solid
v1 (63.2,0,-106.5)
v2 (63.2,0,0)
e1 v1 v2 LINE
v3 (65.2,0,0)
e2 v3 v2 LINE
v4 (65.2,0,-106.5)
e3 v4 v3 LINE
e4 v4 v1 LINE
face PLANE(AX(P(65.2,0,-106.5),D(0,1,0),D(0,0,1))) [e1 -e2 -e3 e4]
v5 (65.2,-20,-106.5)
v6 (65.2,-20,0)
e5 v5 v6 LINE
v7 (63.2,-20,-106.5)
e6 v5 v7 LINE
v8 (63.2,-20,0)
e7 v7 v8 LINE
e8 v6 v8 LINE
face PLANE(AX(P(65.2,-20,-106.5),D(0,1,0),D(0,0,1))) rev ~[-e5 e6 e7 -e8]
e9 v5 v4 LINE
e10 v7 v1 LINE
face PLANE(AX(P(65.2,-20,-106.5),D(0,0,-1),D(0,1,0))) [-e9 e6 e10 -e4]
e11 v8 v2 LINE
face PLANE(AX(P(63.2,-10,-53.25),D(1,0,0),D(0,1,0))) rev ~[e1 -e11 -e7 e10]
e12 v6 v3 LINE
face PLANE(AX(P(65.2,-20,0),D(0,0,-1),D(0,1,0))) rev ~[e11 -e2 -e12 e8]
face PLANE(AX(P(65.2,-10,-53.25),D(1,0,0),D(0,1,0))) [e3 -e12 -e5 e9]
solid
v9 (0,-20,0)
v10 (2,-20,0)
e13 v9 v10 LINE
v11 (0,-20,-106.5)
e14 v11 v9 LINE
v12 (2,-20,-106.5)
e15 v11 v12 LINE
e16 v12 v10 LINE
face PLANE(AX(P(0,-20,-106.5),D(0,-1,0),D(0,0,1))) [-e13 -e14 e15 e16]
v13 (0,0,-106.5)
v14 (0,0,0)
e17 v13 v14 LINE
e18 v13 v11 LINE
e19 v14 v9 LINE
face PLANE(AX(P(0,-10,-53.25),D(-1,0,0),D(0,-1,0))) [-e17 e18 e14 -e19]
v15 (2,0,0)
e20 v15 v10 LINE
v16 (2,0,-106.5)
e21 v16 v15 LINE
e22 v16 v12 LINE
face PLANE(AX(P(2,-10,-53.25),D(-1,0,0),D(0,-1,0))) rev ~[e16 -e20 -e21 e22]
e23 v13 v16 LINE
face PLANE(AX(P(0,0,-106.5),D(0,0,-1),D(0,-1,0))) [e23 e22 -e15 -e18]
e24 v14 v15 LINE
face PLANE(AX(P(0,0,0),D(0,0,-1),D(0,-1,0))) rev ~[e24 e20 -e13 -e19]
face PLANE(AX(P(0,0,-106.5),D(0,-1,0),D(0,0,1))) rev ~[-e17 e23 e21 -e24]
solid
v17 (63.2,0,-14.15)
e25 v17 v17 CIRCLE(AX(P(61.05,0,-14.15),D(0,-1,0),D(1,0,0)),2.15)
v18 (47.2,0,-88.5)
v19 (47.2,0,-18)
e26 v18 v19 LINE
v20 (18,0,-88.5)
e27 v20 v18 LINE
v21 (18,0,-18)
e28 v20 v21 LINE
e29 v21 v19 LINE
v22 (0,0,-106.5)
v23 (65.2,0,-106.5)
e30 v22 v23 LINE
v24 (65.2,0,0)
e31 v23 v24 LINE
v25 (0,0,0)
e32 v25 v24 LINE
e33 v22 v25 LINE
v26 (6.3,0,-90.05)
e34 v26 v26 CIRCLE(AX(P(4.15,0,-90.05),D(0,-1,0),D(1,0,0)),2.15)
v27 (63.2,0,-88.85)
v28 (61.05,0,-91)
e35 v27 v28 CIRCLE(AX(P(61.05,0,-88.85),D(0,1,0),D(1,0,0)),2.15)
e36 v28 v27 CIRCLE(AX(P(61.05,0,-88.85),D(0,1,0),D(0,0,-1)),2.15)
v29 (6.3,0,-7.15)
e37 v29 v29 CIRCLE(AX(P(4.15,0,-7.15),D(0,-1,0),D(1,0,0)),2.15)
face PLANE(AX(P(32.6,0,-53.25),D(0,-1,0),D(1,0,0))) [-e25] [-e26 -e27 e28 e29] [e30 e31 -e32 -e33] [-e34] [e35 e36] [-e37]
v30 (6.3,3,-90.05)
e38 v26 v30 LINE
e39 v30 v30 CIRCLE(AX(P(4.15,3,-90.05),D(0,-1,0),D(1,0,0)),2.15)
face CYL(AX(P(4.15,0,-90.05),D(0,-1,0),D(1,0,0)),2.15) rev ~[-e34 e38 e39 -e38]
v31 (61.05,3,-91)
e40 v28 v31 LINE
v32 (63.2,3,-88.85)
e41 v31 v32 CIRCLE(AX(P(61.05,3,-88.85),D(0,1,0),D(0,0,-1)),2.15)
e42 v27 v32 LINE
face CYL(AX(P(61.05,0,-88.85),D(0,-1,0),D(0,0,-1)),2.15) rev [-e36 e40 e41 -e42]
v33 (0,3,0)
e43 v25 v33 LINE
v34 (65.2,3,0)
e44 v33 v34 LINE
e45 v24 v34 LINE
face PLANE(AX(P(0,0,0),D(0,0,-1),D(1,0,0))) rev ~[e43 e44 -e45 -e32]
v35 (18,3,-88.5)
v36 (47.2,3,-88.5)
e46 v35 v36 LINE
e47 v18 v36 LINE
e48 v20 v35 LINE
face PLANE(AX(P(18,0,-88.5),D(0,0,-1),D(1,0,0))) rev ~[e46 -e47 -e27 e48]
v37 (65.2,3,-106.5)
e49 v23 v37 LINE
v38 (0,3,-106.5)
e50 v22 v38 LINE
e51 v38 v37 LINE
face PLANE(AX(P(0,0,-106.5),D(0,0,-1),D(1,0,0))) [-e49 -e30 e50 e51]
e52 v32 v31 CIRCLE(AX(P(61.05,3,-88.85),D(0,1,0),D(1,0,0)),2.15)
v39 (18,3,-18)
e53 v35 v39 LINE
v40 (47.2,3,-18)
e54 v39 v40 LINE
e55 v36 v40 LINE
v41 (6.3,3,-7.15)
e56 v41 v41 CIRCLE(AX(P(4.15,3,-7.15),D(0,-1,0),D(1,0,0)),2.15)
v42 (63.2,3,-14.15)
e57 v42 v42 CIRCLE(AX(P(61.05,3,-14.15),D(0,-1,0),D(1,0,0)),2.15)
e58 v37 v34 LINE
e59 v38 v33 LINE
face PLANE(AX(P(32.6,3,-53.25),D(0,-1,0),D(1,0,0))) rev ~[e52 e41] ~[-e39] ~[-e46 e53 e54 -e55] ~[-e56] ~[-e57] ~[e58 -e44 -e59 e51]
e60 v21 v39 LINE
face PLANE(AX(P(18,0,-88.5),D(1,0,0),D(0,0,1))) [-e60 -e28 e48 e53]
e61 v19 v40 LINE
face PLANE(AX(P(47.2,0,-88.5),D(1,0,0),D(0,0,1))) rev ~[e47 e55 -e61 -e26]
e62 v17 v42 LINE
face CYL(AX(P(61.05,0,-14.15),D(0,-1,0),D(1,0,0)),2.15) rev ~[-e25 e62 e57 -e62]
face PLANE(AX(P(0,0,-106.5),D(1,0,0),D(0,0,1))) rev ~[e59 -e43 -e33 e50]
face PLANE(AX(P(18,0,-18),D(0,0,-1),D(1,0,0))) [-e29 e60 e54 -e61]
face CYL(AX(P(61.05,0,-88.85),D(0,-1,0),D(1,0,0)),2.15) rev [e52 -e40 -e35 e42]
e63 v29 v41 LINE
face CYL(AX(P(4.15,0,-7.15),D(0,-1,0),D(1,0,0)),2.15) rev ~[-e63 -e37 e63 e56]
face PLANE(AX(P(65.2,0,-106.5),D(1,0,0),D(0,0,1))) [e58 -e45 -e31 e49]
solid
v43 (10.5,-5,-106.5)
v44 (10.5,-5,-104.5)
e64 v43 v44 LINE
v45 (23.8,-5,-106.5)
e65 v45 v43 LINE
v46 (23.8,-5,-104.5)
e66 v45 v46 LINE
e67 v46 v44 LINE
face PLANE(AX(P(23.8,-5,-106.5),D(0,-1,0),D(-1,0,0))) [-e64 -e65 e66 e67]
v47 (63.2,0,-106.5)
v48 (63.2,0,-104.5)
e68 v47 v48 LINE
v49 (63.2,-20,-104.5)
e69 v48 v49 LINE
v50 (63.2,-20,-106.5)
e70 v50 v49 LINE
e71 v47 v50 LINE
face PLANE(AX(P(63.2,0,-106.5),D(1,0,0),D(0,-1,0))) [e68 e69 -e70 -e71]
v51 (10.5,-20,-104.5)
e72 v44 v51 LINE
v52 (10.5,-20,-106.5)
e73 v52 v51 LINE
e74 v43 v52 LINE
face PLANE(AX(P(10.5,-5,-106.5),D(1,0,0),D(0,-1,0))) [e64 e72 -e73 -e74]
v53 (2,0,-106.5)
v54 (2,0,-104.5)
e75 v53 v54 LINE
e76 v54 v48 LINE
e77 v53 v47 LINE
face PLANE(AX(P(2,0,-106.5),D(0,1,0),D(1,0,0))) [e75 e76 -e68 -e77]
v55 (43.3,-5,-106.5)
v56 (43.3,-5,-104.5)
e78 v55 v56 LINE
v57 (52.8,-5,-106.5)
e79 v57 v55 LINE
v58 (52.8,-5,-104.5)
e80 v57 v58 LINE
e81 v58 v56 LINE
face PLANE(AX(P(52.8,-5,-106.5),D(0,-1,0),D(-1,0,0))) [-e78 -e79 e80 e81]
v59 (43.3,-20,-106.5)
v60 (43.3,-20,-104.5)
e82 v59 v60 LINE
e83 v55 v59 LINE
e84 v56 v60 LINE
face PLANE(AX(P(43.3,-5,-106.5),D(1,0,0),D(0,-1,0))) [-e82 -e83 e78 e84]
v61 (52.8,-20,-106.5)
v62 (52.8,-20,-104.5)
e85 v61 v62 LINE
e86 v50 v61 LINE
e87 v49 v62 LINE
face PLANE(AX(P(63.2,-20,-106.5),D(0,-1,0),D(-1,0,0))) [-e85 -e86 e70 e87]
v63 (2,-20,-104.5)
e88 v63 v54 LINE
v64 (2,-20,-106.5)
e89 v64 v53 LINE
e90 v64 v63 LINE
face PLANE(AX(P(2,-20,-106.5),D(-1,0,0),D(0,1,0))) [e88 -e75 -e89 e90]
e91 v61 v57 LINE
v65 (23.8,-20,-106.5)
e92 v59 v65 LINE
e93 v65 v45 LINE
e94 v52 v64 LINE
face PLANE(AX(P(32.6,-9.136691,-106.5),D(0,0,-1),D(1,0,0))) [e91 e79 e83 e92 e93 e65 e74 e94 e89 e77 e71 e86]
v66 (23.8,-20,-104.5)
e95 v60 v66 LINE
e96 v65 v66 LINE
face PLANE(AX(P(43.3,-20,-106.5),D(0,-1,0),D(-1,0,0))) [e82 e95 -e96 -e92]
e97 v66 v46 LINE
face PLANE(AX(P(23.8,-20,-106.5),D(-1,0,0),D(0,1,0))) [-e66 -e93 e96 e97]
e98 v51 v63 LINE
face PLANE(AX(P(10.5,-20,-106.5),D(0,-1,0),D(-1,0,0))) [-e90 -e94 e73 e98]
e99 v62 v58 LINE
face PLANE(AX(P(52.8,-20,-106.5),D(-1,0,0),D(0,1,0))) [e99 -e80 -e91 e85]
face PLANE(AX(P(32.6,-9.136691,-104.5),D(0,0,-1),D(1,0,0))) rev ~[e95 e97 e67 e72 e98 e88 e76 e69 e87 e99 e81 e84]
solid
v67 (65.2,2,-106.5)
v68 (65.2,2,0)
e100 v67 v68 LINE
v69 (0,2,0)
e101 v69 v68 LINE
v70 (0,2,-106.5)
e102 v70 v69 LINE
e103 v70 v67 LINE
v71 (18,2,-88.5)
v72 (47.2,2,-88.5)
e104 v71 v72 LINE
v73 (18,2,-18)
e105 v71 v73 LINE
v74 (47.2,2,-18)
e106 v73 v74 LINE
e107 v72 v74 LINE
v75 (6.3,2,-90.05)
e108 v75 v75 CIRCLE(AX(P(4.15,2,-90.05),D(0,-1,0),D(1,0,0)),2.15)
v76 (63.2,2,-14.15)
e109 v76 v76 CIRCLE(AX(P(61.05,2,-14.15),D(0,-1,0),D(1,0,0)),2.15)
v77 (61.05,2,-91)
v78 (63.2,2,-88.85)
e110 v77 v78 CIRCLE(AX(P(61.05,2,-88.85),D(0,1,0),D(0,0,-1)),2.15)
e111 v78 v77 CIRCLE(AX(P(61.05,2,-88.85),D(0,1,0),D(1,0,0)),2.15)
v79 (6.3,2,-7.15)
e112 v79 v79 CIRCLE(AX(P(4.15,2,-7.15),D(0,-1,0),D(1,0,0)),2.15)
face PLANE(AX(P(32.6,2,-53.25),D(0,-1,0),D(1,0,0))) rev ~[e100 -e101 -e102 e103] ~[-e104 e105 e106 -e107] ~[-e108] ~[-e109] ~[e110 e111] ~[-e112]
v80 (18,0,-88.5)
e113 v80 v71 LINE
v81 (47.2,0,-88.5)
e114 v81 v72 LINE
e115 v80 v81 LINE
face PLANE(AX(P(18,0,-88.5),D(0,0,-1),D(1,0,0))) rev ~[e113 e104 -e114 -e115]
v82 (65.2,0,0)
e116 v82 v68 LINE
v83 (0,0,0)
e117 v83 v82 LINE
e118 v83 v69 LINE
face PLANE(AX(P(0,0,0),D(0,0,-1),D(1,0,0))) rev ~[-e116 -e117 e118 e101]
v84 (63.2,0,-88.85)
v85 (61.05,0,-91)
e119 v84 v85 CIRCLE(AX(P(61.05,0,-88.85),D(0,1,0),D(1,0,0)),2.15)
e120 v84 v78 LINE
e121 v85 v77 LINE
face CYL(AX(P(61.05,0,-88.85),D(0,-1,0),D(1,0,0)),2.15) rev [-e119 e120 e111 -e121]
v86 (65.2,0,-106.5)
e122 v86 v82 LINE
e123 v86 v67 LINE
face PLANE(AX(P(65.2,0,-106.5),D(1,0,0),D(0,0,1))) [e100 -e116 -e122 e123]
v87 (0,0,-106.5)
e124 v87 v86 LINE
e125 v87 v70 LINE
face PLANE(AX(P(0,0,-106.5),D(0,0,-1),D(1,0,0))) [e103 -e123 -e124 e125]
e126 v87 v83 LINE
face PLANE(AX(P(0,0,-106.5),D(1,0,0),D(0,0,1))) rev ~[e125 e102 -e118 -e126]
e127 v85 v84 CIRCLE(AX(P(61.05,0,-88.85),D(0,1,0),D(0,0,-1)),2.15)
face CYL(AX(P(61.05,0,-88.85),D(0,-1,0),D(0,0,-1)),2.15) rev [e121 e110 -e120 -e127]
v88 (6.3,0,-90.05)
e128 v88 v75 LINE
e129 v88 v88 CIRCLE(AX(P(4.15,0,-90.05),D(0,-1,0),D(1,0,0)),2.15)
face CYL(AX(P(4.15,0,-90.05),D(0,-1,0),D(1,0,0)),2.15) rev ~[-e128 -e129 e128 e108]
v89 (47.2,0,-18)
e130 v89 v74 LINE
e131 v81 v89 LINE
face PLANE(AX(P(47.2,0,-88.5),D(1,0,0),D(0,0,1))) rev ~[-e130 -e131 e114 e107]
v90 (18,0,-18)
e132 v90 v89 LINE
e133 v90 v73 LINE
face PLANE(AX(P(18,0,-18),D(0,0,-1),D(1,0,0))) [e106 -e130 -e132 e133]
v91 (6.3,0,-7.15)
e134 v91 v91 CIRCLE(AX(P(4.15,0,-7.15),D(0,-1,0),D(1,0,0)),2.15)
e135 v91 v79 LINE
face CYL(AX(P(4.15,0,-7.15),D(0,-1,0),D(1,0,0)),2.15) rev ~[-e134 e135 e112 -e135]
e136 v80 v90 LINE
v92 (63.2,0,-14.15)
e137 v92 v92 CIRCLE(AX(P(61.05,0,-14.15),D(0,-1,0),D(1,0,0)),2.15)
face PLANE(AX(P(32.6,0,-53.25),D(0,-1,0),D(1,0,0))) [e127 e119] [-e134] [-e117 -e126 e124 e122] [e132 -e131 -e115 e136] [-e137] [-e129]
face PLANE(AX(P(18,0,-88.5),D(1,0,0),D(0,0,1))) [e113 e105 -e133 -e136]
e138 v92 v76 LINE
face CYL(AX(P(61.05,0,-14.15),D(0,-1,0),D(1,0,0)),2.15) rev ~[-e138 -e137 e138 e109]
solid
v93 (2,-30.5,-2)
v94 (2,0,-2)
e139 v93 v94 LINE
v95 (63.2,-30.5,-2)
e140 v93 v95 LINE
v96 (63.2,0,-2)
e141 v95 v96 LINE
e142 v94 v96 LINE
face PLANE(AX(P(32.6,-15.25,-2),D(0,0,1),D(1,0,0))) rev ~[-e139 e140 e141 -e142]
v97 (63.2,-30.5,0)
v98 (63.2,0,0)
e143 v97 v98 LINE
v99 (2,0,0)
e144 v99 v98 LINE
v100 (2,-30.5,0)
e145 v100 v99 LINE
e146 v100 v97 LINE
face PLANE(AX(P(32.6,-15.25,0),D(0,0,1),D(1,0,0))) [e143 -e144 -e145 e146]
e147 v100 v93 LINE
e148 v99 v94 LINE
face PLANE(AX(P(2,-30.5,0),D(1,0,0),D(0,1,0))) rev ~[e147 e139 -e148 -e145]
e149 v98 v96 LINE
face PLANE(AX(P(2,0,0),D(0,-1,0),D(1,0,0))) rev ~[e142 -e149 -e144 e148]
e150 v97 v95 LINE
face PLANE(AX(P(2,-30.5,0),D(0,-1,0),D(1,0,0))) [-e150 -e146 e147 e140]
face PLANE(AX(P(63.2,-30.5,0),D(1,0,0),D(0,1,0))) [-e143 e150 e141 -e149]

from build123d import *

# Parameters (mm, degrees)
F0_W      = 65.2
F0_H      = 106.5
F0_R      = 2.15
F0_W_2    = 29.2
F0_H_2    = 70.5
F1_DEPTH  = 3
F2_W      = 20
F2_H      = 106.5
F3_DEPTH  = 2
F4_W      = 20
F4_H      = 106.5
F5_DEPTH  = 2
F6_W      = 61.2
F6_H      = 30.5
F7_DEPTH  = 2
F9_DEPTH  = 2
F10_DEPTH = 2


with BuildPart() as f1:
    # F0 (on Front) → F1 (new body)
    with BuildSketch(Plane.XZ):
        with Locations((32.6, -53.25)):
            Rectangle(F0_W, F0_H)
        with Locations((4.15, -90.05)):
            Circle(F0_R, mode=Mode.SUBTRACT)
        with BuildLine():
            ThreePointArc((61.05, -91), (59.5297204204, -87.3297204204), (63.2, -88.85))
            ThreePointArc((63.2, -88.85), (62.5702795796, -90.3702795796), (61.05, -91))
        make_face(mode=Mode.SUBTRACT)
        with Locations((4.15, -7.15)):
            Circle(F0_R, mode=Mode.SUBTRACT)
        with Locations((32.6, -53.25)):
            Rectangle(F0_W_2, F0_H_2, mode=Mode.SUBTRACT)
        with Locations((61.05, -14.15)):
            Circle(F0_R, mode=Mode.SUBTRACT)
    extrude(amount=-F1_DEPTH)


with BuildPart() as f3:
    # F2 (on face) → F3 (new body)
    with BuildSketch(Plane.YZ.offset(65.2)):
        with Locations((-10, -53.25)):
            Rectangle(F2_W, F2_H)
    extrude(amount=-F3_DEPTH)


with BuildPart() as f5:
    # F4 (on face) → F5 (new body)
    with BuildSketch(Plane(origin=(0, 0, 0), x_dir=(0, -1, 0), z_dir=(-1, 0, 0))):
        with Locations((10, -53.25)):
            Rectangle(F4_W, F4_H)
    extrude(amount=-F5_DEPTH)


with BuildPart() as f7:
    # F6 (on face) → F7 (new body)
    with BuildSketch(Plane.XY):
        with Locations((32.6, -15.25)):
            Rectangle(F6_W, F6_H)
    extrude(amount=-F7_DEPTH)


with BuildPart() as f9:
    # F8 (on face) → F9 (new body)
    with BuildSketch(Plane(origin=(0, 0, -106.5), x_dir=(1, 0, 0), z_dir=(0, 0, -1))):
        Polygon((2, 20), (2, 0), (63.2, 0), (63.2, 20), (52.8, 20), (52.8, 5), (43.3, 5), (43.3, 20), (23.8, 20), (23.8, 5), (10.5, 5), (10.5, 20), align=None)
    extrude(amount=-F9_DEPTH)


with BuildPart() as f10:
    # F0 (on Front) → F10 (new body)
    with BuildSketch(Plane.XZ):
        with Locations((32.6, -53.25)):
            Rectangle(F0_W, F0_H)
        with Locations((4.15, -90.05)):
            Circle(F0_R, mode=Mode.SUBTRACT)
        with BuildLine():
            ThreePointArc((61.05, -91), (59.5297204204, -87.3297204204), (63.2, -88.85))
            ThreePointArc((63.2, -88.85), (62.5702795796, -90.3702795796), (61.05, -91))
        make_face(mode=Mode.SUBTRACT)
        with Locations((4.15, -7.15)):
            Circle(F0_R, mode=Mode.SUBTRACT)
        with Locations((32.6, -53.25)):
            Rectangle(F0_W_2, F0_H_2, mode=Mode.SUBTRACT)
        with Locations((61.05, -14.15)):
            Circle(F0_R, mode=Mode.SUBTRACT)
    extrude(amount=-F10_DEPTH)


solid = Compound([f1.part, f3.part, f5.part, f7.part, f9.part, f10.part])
